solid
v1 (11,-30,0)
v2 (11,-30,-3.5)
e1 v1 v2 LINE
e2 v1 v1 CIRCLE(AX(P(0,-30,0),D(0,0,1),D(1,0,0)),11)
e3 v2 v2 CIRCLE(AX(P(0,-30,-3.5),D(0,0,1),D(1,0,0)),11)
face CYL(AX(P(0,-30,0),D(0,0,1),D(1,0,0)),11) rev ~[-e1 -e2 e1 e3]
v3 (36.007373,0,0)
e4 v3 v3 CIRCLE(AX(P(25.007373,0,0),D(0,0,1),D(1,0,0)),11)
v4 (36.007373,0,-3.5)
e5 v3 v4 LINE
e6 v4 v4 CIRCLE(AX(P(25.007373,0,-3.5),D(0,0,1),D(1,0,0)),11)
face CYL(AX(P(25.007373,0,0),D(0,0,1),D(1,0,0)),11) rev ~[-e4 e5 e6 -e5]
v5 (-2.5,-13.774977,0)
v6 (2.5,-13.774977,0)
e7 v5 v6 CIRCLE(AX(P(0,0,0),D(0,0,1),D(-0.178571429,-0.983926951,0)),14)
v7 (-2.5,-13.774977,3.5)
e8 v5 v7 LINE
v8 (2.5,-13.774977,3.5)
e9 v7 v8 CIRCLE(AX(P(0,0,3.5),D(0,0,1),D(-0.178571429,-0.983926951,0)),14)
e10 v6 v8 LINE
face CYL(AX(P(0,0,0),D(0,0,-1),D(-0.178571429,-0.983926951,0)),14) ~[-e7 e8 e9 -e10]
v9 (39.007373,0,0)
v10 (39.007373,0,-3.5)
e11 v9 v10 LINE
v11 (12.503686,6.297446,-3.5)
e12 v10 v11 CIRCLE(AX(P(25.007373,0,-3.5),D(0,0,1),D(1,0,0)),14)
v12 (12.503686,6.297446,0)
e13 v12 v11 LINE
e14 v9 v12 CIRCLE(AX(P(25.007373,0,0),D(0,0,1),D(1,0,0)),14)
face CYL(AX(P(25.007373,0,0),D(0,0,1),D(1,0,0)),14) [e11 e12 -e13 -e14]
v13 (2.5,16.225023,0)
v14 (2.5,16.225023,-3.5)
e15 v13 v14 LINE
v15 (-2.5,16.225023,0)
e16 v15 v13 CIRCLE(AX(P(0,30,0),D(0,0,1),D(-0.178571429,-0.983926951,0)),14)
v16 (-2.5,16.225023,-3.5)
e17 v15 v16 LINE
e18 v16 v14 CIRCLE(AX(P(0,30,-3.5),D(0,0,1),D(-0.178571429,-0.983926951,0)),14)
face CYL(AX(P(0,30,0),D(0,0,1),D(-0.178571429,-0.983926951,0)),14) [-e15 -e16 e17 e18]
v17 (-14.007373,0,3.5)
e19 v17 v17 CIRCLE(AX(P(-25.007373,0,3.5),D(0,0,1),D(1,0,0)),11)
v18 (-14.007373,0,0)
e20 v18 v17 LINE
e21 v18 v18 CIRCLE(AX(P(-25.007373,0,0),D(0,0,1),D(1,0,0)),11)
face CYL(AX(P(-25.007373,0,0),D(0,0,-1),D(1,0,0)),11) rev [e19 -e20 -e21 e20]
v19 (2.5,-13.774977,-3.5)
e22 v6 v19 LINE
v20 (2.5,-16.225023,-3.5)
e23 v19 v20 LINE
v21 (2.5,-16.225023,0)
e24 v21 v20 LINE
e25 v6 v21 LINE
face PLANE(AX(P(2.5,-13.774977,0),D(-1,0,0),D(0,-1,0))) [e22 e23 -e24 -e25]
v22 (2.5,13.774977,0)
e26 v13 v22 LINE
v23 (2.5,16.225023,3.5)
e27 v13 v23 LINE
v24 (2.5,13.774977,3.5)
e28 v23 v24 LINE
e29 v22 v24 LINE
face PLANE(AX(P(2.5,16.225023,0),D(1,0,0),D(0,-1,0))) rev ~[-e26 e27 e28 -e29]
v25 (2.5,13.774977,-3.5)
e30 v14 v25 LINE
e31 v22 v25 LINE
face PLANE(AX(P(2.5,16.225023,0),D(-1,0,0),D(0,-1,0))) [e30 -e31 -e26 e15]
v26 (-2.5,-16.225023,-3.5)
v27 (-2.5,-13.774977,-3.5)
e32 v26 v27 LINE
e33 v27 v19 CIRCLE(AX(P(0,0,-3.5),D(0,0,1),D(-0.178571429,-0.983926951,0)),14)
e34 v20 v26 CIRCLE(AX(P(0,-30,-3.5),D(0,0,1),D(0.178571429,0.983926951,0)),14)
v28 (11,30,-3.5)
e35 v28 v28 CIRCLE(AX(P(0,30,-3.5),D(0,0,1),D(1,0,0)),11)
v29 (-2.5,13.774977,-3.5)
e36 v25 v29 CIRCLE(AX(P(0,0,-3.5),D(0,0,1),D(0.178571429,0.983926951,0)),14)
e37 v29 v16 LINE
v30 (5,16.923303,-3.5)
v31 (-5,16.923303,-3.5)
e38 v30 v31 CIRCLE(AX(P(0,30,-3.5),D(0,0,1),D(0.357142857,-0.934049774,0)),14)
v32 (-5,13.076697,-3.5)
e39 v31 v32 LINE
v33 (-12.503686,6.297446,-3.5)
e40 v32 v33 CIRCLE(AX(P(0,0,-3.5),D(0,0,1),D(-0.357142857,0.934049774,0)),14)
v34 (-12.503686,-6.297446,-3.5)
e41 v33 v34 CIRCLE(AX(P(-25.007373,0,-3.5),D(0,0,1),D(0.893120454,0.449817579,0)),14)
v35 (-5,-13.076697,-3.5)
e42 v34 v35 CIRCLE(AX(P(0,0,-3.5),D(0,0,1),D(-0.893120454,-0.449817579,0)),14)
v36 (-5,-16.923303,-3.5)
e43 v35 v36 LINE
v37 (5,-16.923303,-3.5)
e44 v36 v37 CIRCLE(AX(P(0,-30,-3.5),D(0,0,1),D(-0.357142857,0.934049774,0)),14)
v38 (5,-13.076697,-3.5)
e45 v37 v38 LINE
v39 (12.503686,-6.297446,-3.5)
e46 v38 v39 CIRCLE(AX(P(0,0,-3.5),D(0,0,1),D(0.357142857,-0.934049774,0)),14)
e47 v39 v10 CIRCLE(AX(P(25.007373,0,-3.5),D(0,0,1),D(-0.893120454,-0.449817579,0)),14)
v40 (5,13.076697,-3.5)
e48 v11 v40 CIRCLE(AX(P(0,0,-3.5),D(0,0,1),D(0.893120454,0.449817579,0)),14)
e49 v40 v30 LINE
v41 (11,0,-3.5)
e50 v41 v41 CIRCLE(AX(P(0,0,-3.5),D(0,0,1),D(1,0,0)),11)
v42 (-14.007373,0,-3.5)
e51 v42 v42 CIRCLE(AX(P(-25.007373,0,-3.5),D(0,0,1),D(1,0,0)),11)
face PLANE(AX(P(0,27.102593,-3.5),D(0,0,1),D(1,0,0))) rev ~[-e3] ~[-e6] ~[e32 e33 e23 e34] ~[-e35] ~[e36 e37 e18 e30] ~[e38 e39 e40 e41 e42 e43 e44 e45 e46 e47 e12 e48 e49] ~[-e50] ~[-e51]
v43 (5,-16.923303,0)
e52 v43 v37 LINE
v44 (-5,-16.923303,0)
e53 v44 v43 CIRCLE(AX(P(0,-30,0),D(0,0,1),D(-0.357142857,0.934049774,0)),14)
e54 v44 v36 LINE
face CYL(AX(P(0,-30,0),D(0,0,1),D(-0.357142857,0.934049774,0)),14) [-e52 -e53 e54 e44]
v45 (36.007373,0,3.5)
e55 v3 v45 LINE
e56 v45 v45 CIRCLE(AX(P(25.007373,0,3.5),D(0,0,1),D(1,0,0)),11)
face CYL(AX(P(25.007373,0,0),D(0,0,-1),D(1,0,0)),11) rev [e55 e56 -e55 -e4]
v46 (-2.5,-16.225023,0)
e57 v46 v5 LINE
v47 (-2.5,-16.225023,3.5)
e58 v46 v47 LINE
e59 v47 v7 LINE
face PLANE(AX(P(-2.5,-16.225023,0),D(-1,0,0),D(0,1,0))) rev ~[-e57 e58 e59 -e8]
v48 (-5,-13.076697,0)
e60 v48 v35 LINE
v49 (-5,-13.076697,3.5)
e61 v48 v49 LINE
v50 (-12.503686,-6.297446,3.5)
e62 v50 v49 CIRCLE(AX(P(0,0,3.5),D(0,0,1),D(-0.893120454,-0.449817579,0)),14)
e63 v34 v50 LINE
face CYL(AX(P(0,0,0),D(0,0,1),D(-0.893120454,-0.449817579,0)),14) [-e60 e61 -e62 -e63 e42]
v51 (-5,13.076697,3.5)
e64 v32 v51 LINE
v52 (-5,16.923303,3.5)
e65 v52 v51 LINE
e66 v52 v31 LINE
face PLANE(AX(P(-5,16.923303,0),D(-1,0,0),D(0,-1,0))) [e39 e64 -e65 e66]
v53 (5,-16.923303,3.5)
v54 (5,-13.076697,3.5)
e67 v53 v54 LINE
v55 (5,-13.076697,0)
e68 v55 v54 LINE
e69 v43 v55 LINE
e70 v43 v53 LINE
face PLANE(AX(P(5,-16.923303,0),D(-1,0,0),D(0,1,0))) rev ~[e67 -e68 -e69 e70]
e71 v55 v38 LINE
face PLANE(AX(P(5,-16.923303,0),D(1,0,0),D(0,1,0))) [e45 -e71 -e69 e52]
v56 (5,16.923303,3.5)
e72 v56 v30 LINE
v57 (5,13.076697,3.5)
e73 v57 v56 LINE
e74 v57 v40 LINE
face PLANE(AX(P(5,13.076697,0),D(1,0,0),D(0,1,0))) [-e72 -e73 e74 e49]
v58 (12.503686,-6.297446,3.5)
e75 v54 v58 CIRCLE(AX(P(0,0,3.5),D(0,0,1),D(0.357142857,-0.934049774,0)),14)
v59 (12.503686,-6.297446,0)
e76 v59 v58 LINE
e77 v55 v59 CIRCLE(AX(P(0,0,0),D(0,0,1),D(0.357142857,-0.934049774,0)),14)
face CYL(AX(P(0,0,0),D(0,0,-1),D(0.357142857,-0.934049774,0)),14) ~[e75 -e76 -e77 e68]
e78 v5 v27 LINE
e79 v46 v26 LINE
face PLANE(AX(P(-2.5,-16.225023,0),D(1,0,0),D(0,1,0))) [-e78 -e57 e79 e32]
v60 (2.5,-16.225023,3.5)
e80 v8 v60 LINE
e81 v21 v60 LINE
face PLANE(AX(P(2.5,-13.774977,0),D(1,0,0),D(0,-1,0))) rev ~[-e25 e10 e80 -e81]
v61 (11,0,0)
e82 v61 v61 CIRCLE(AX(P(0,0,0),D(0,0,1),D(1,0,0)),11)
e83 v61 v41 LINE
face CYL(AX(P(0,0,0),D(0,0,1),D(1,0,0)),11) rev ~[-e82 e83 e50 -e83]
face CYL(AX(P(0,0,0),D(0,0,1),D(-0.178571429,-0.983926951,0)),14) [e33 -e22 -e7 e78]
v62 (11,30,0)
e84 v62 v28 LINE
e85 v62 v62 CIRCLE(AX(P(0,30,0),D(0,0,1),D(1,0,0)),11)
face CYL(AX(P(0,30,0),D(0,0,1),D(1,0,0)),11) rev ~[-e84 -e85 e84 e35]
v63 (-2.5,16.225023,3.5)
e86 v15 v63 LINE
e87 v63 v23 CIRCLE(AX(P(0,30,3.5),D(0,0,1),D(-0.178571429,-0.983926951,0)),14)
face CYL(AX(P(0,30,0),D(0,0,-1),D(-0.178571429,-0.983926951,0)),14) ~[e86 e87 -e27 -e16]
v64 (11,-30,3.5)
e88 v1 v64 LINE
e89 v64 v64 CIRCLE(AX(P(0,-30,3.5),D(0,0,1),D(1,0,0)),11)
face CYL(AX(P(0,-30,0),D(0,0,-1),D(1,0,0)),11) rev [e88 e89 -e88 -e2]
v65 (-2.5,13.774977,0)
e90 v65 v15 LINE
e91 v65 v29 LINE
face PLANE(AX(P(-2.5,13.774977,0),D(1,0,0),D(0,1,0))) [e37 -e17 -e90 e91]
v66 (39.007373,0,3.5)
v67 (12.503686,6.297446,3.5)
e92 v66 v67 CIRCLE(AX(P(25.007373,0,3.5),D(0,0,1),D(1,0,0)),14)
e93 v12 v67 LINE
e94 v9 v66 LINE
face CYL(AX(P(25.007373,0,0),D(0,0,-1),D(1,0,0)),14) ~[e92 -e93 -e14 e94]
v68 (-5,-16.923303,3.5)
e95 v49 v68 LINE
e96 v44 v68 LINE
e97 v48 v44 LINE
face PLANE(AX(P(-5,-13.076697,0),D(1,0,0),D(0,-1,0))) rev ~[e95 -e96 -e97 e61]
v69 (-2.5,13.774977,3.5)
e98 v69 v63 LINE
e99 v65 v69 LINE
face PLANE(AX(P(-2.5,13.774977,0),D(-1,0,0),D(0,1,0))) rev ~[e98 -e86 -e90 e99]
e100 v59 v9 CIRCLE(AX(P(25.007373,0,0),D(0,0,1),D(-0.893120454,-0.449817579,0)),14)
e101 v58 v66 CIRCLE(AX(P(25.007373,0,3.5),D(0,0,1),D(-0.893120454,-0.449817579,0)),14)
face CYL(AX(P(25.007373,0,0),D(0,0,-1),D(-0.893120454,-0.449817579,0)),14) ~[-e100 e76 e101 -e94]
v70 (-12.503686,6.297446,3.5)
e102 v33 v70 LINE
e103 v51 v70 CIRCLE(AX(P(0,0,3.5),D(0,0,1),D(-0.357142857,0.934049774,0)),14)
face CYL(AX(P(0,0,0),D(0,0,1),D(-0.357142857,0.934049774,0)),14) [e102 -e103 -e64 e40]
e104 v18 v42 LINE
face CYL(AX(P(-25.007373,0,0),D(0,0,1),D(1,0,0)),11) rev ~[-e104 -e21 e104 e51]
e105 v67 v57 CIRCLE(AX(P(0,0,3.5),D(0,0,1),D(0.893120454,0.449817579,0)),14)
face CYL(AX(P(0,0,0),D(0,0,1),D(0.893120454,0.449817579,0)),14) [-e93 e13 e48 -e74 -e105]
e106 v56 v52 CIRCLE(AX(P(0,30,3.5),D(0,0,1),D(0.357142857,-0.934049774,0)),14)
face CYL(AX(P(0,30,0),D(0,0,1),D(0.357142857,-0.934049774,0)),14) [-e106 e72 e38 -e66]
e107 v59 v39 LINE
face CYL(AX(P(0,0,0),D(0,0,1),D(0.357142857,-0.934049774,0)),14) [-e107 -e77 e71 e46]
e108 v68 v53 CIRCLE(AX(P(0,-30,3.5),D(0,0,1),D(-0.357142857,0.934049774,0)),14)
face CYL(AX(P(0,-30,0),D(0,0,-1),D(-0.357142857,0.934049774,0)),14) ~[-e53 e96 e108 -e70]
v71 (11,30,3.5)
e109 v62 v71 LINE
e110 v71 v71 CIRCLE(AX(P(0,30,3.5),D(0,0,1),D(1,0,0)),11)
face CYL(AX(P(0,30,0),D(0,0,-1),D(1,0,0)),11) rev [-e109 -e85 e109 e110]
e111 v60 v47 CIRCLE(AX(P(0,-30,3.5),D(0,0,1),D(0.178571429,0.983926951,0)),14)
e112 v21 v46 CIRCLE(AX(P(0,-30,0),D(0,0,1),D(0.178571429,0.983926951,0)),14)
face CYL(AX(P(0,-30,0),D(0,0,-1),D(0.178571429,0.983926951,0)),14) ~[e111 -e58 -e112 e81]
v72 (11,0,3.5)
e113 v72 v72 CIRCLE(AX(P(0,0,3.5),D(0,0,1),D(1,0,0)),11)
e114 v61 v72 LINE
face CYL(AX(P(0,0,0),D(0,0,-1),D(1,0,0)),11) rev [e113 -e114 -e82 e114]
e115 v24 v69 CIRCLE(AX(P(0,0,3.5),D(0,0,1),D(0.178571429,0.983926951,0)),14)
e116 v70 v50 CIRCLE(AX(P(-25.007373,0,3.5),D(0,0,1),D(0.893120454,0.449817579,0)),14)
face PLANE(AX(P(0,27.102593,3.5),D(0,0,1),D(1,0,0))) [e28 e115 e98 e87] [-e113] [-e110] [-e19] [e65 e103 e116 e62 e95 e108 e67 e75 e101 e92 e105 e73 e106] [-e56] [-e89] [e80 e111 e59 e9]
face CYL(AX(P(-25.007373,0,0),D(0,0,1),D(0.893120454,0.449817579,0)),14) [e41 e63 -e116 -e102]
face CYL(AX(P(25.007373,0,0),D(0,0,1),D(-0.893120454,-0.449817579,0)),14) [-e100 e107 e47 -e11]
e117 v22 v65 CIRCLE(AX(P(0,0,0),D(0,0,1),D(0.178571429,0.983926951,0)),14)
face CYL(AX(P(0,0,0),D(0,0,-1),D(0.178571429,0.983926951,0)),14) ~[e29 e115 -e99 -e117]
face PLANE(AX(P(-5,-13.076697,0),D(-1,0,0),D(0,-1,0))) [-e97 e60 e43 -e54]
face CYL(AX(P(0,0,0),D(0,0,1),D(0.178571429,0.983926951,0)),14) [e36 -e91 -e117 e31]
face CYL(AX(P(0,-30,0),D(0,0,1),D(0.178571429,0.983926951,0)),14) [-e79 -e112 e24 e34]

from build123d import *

# Parameters (mm, degrees)
F0_R     = 11
F1_DEPTH = 3.5


with BuildPart() as f1:
    # F0 (on Top) → F1 (new body, symmetric)
    with BuildSketch(Plane.XY):
        with BuildLine():
            Line((-2.5, 13.774977314), (-2.5, 16.225022686))
            ThreePointArc((-2.5, 16.225022686), (0, 16), (2.5, 16.225022686))
            Line((2.5, 16.225022686), (2.5, 13.774977314))
            ThreePointArc((2.5, 13.774977314), (3.7662181175, 13.483901553), (5, 13.0766968306))
            Line((5, 13.0766968306), (5, 16.9233031694))
            ThreePointArc((5, 16.9233031694), (0, 44), (-5, 16.9233031694))
            Line((-5, 16.9233031694), (-5, 13.0766968306))
            ThreePointArc((-5, 13.0766968306), (-3.7662181175, 13.483901553), (-2.5, 13.774977314))
        make_face()
        with Locations((0, 30)):
            Circle(F0_R, mode=Mode.SUBTRACT)
        with BuildLine():
            ThreePointArc((2.5, 13.774977314), (0, 14), (-2.5, 13.774977314))
            ThreePointArc((-2.5, 13.774977314), (-3.7662181175, 13.483901553), (-5, 13.0766968306))
            ThreePointArc((-5, 13.0766968306), (-9.3853246706, 10.3882472452), (-12.503686361, 6.2974461002))
            ThreePointArc((-12.503686361, 6.2974461002), (-11.3865869691, 3.2363861749), (-11.007372722, 0))
            ThreePointArc((-11.007372722, 0), (-11.3865869691, -3.2363861749), (-12.503686361, -6.2974461002))
            ThreePointArc((-12.503686361, -6.2974461002), (-9.3853246706, -10.3882472452), (-5, -13.0766968306))
            ThreePointArc((-5, -13.0766968306), (-3.7662181175, -13.483901553), (-2.5, -13.774977314))
            ThreePointArc((-2.5, -13.774977314), (0, -14), (2.5, -13.774977314))
            ThreePointArc((2.5, -13.774977314), (3.7662181175, -13.483901553), (5, -13.0766968306))
            ThreePointArc((5, -13.0766968306), (9.3853246706, -10.3882472452), (12.503686361, -6.2974461002))
            ThreePointArc((12.503686361, -6.2974461002), (11.007372722, 0), (12.503686361, 6.2974461002))
            ThreePointArc((12.503686361, 6.2974461002), (9.3853246706, 10.3882472452), (5, 13.0766968306))
            ThreePointArc((5, 13.0766968306), (3.7662181175, 13.483901553), (2.5, 13.774977314))
        make_face()
        Circle(F0_R, mode=Mode.SUBTRACT)
        with BuildLine():
            ThreePointArc((-12.503686361, -6.2974461002), (-14, 0), (-12.503686361, 6.2974461002))
            ThreePointArc((-12.503686361, 6.2974461002), (-39.007372722, 0), (-12.503686361, -6.2974461002))
        make_face()
        with Locations((-25.007372722, 0)):
            Circle(F0_R, mode=Mode.SUBTRACT)
        with BuildLine():
            ThreePointArc((-11.007372722, 0), (-11.3865869691, 3.2363861749), (-12.503686361, 6.2974461002))
            ThreePointArc((-12.503686361, 6.2974461002), (-14, 0), (-12.503686361, -6.2974461002))
            ThreePointArc((-12.503686361, -6.2974461002), (-11.3865869691, -3.2363861749), (-11.007372722, 0))
        make_face()
        with BuildLine():
            ThreePointArc((12.503686361, -6.2974461002), (14, 0), (12.503686361, 6.2974461002))
            ThreePointArc((12.503686361, 6.2974461002), (11.007372722, 0), (12.503686361, -6.2974461002))
        make_face()
        with BuildLine():
            ThreePointArc((39.007372722, 0), (28.2437588969, 13.6207857529), (12.503686361, 6.2974461002))
            ThreePointArc((12.503686361, 6.2974461002), (14, 0), (12.503686361, -6.2974461002))
            ThreePointArc((12.503686361, -6.2974461002), (28.2437588969, -13.6207857529), (39.007372722, 0))
        make_face()
        with Locations((25.007372722, 0)):
            Circle(F0_R, mode=Mode.SUBTRACT)
        with BuildLine():
            ThreePointArc((-2.5, -13.774977314), (-3.7662181175, -13.483901553), (-5, -13.0766968306))
            Line((-5, -13.0766968306), (-5, -16.9233031694))
            ThreePointArc((-5, -16.9233031694), (0, -44), (5, -16.9233031694))
            Line((5, -16.9233031694), (5, -13.0766968306))
            ThreePointArc((5, -13.0766968306), (3.7662181175, -13.483901553), (2.5, -13.774977314))
            Line((2.5, -13.774977314), (2.5, -16.225022686))
            ThreePointArc((2.5, -16.225022686), (0, -16), (-2.5, -16.225022686))
            Line((-2.5, -16.225022686), (-2.5, -13.774977314))
        make_face()
        with Locations((0, -30)):
            Circle(F0_R, mode=Mode.SUBTRACT)
    extrude(amount=F1_DEPTH, both=True)


solid = f1.part
